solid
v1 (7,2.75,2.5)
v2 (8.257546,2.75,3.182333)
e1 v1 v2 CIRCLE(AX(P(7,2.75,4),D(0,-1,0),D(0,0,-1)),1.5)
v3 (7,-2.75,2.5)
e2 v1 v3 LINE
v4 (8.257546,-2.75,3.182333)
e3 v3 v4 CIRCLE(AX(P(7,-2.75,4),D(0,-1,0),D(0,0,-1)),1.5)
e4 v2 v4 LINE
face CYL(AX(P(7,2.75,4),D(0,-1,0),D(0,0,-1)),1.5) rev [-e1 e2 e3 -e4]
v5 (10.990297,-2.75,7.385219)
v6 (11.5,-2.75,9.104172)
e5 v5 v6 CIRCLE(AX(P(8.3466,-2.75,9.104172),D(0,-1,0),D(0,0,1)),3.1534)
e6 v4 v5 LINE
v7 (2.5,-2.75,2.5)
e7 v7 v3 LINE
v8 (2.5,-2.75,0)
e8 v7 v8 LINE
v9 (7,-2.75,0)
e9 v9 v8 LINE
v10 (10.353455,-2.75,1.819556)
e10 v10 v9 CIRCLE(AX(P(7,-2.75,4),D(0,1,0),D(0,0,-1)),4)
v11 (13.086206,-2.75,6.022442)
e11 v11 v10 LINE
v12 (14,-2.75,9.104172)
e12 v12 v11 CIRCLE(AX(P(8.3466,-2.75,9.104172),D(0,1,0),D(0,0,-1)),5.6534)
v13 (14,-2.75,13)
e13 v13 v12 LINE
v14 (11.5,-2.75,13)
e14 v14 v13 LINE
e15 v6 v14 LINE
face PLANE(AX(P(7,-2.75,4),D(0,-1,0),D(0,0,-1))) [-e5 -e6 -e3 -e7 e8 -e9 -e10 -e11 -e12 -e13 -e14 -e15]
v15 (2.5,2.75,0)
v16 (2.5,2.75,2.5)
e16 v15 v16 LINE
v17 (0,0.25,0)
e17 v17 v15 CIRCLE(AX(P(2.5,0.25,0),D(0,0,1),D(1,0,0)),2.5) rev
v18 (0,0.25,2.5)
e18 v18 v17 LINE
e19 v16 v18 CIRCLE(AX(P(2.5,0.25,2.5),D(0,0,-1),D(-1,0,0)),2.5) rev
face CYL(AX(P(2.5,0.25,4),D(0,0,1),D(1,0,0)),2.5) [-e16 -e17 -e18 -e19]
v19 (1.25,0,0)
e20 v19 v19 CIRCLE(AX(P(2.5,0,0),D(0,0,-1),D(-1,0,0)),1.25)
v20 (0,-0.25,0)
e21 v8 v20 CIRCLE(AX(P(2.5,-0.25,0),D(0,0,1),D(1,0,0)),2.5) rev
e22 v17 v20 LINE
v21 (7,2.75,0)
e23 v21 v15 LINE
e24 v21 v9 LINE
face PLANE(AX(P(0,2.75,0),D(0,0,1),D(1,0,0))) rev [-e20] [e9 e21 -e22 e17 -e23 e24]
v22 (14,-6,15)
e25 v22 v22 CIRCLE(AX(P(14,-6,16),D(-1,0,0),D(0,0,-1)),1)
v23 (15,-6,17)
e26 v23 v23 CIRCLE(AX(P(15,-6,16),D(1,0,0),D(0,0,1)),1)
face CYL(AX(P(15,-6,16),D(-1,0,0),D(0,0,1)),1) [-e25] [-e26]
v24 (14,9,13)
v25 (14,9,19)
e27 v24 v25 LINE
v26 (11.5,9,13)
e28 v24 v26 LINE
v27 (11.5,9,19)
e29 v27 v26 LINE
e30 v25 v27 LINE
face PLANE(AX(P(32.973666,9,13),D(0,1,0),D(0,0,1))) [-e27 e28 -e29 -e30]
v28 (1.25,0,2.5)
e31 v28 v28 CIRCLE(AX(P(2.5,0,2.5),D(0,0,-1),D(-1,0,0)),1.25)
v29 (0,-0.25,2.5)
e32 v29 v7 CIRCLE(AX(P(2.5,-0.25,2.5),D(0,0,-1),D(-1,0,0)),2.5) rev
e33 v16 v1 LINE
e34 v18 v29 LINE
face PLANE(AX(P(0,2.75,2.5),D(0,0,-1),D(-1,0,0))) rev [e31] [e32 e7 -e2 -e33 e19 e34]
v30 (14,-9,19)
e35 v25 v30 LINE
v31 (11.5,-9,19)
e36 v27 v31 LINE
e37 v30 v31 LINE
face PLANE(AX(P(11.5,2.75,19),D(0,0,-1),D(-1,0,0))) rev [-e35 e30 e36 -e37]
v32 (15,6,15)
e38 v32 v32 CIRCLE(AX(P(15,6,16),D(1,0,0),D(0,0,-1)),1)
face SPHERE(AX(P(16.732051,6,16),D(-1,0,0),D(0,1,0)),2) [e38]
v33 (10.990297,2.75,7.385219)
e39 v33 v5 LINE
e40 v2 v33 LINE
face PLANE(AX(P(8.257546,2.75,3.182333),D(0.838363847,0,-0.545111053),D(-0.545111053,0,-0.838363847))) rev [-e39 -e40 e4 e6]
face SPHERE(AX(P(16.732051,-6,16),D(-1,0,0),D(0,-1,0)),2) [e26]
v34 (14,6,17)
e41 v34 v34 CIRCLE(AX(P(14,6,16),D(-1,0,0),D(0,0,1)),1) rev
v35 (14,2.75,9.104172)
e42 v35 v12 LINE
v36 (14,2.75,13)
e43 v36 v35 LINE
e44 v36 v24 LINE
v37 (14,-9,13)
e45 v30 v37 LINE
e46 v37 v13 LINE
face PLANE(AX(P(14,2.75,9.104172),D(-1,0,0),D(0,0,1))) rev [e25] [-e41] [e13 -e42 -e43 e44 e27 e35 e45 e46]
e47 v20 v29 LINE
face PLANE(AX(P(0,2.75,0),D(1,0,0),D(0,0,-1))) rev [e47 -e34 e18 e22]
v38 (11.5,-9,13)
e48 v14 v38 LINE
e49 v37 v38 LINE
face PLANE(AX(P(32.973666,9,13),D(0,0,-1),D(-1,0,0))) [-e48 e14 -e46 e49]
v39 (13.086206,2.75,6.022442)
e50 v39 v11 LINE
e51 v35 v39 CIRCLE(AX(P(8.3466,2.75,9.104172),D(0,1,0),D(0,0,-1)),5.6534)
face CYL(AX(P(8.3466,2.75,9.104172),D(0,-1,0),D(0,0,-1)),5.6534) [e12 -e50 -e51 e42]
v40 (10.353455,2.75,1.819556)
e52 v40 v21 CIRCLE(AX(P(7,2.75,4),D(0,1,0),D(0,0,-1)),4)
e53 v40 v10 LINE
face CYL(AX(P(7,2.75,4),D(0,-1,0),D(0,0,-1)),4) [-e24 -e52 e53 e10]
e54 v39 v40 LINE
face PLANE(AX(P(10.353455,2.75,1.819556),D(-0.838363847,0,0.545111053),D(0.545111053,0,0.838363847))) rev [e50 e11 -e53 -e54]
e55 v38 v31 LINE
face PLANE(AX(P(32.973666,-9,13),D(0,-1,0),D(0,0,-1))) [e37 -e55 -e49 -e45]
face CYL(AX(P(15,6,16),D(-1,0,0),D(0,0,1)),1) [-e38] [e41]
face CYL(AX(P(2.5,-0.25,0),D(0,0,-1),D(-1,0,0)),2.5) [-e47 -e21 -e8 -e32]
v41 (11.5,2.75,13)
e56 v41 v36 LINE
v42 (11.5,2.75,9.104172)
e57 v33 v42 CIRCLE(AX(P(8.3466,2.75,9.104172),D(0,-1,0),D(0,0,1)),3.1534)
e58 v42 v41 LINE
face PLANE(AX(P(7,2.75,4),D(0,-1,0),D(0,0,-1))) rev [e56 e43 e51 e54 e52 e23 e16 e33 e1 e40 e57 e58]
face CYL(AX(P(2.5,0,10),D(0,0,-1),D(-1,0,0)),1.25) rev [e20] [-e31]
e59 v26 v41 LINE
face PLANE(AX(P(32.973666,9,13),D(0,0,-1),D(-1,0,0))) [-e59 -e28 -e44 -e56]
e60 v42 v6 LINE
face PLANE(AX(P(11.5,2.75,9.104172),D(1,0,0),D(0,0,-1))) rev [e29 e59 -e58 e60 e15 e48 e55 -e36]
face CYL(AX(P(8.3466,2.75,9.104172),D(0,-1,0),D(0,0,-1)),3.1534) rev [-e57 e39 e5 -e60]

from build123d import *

# Parameters (mm, degrees)
EXTRUDE_1_DEPTH     = 2.75
SKETCH_2_R          = 1.25
CUT_EXTRUDE_1_DEPTH = 10
FILLET_2_R          = 2.5
SKETCH_4_W          = 6
SKETCH_4_H          = 18
EXTRUDE_2_DEPTH     = 2.5
SKETCH_5_R          = 1
EXTRUDE_3_DEPTH     = 1


with BuildPart() as part:
    # 草图1 → 凸台-拉伸1 (new, symmetric)
    with BuildSketch(Plane(origin=(0, 0, 0), x_dir=(1, 0, 0), z_dir=(0, 1, 0))):
        with BuildLine():
            Line((0, 0), (7, 0))
            ThreePointArc((7, 0), (8.907645559, -0.484194485), (10.353455389, -1.819555789))
            Line((10.353455389, -1.819555789), (13.08620622, -6.022441585))
            ThreePointArc((13.08620622, -6.022441585), (13.76673936, -7.496994372), (14, -9.104172255))
            Line((14, -9.104172255), (14, -19))
            Line((14, -19), (11.5, -19))
            Line((11.5, -19), (11.5, -9.104172255))
            ThreePointArc((11.5, -9.104172255), (11.369889965, -8.207707378), (10.990296602, -7.385219216))
            Line((10.990296602, -7.385219216), (8.257545771, -3.182333421))
            ThreePointArc((8.257545771, -3.182333421), (7.715367085, -2.681572932), (7, -2.5))
            Line((7, -2.5), (0, -2.5))
            Line((0, -2.5), (0, 0))
        make_face()
    extrude(amount=EXTRUDE_1_DEPTH, both=True)

    # 草图2 → 切除-拉伸1 (cut)
    with BuildSketch(Plane(origin=(0, 0, 0), x_dir=(-1, 0, 0), z_dir=(0, 0, -1))):
        with Locations((-2.5, 0)):
            Circle(SKETCH_2_R)
    extrude(amount=-CUT_EXTRUDE_1_DEPTH, mode=Mode.SUBTRACT)

    # 圆角2
    fillet_2_edges = [part.edges().sort_by_distance(p)[0] for p in [
        (0, -2.75, 1.25),
        (0, 2.75, 1.25),
    ]]
    fillet(fillet_2_edges, radius=FILLET_2_R)

    # 草图4 → 凸台-拉伸2 (add)
    with BuildSketch(Plane.ZY.offset(-11.5)):
        with Locations((16, 0)):
            Rectangle(SKETCH_4_W, SKETCH_4_H)
    extrude(amount=-EXTRUDE_2_DEPTH)

    # 草图5 → 凸台-拉伸3 (add)
    with BuildSketch(Plane(origin=(14, 0, 0), x_dir=(0, 0, -1), z_dir=(1, 0, 0))):
        with Locations(Location((-16, 6, 0), (0, 0, 180))):
            Circle(SKETCH_5_R)
    extrude_3 = extrude(amount=EXTRUDE_3_DEPTH)

    # 草图6 → 旋转1 (revolve)
    with BuildSketch(Plane(origin=(0, 0, 16), x_dir=(-1, 0, 0), z_dir=(0, 0, -1))):
        with BuildLine():
            Line((-15, 6), (-18.732050808, 6))
            ThreePointArc((-18.732050808, 6), (-17.249688898, 7.931851653), (-15, 7))
            Line((-15, 7), (-15, 6))
        make_face()
    revolve_1 = revolve(axis=Axis((15, 6, 16), (1, 0, 0)))

    # 镜向1: 凸台-拉伸3, 旋转1 across plane
    add(extrude_3.mirror(Plane.ZX))
    add(revolve_1.mirror(Plane.ZX))


solid = part.part
